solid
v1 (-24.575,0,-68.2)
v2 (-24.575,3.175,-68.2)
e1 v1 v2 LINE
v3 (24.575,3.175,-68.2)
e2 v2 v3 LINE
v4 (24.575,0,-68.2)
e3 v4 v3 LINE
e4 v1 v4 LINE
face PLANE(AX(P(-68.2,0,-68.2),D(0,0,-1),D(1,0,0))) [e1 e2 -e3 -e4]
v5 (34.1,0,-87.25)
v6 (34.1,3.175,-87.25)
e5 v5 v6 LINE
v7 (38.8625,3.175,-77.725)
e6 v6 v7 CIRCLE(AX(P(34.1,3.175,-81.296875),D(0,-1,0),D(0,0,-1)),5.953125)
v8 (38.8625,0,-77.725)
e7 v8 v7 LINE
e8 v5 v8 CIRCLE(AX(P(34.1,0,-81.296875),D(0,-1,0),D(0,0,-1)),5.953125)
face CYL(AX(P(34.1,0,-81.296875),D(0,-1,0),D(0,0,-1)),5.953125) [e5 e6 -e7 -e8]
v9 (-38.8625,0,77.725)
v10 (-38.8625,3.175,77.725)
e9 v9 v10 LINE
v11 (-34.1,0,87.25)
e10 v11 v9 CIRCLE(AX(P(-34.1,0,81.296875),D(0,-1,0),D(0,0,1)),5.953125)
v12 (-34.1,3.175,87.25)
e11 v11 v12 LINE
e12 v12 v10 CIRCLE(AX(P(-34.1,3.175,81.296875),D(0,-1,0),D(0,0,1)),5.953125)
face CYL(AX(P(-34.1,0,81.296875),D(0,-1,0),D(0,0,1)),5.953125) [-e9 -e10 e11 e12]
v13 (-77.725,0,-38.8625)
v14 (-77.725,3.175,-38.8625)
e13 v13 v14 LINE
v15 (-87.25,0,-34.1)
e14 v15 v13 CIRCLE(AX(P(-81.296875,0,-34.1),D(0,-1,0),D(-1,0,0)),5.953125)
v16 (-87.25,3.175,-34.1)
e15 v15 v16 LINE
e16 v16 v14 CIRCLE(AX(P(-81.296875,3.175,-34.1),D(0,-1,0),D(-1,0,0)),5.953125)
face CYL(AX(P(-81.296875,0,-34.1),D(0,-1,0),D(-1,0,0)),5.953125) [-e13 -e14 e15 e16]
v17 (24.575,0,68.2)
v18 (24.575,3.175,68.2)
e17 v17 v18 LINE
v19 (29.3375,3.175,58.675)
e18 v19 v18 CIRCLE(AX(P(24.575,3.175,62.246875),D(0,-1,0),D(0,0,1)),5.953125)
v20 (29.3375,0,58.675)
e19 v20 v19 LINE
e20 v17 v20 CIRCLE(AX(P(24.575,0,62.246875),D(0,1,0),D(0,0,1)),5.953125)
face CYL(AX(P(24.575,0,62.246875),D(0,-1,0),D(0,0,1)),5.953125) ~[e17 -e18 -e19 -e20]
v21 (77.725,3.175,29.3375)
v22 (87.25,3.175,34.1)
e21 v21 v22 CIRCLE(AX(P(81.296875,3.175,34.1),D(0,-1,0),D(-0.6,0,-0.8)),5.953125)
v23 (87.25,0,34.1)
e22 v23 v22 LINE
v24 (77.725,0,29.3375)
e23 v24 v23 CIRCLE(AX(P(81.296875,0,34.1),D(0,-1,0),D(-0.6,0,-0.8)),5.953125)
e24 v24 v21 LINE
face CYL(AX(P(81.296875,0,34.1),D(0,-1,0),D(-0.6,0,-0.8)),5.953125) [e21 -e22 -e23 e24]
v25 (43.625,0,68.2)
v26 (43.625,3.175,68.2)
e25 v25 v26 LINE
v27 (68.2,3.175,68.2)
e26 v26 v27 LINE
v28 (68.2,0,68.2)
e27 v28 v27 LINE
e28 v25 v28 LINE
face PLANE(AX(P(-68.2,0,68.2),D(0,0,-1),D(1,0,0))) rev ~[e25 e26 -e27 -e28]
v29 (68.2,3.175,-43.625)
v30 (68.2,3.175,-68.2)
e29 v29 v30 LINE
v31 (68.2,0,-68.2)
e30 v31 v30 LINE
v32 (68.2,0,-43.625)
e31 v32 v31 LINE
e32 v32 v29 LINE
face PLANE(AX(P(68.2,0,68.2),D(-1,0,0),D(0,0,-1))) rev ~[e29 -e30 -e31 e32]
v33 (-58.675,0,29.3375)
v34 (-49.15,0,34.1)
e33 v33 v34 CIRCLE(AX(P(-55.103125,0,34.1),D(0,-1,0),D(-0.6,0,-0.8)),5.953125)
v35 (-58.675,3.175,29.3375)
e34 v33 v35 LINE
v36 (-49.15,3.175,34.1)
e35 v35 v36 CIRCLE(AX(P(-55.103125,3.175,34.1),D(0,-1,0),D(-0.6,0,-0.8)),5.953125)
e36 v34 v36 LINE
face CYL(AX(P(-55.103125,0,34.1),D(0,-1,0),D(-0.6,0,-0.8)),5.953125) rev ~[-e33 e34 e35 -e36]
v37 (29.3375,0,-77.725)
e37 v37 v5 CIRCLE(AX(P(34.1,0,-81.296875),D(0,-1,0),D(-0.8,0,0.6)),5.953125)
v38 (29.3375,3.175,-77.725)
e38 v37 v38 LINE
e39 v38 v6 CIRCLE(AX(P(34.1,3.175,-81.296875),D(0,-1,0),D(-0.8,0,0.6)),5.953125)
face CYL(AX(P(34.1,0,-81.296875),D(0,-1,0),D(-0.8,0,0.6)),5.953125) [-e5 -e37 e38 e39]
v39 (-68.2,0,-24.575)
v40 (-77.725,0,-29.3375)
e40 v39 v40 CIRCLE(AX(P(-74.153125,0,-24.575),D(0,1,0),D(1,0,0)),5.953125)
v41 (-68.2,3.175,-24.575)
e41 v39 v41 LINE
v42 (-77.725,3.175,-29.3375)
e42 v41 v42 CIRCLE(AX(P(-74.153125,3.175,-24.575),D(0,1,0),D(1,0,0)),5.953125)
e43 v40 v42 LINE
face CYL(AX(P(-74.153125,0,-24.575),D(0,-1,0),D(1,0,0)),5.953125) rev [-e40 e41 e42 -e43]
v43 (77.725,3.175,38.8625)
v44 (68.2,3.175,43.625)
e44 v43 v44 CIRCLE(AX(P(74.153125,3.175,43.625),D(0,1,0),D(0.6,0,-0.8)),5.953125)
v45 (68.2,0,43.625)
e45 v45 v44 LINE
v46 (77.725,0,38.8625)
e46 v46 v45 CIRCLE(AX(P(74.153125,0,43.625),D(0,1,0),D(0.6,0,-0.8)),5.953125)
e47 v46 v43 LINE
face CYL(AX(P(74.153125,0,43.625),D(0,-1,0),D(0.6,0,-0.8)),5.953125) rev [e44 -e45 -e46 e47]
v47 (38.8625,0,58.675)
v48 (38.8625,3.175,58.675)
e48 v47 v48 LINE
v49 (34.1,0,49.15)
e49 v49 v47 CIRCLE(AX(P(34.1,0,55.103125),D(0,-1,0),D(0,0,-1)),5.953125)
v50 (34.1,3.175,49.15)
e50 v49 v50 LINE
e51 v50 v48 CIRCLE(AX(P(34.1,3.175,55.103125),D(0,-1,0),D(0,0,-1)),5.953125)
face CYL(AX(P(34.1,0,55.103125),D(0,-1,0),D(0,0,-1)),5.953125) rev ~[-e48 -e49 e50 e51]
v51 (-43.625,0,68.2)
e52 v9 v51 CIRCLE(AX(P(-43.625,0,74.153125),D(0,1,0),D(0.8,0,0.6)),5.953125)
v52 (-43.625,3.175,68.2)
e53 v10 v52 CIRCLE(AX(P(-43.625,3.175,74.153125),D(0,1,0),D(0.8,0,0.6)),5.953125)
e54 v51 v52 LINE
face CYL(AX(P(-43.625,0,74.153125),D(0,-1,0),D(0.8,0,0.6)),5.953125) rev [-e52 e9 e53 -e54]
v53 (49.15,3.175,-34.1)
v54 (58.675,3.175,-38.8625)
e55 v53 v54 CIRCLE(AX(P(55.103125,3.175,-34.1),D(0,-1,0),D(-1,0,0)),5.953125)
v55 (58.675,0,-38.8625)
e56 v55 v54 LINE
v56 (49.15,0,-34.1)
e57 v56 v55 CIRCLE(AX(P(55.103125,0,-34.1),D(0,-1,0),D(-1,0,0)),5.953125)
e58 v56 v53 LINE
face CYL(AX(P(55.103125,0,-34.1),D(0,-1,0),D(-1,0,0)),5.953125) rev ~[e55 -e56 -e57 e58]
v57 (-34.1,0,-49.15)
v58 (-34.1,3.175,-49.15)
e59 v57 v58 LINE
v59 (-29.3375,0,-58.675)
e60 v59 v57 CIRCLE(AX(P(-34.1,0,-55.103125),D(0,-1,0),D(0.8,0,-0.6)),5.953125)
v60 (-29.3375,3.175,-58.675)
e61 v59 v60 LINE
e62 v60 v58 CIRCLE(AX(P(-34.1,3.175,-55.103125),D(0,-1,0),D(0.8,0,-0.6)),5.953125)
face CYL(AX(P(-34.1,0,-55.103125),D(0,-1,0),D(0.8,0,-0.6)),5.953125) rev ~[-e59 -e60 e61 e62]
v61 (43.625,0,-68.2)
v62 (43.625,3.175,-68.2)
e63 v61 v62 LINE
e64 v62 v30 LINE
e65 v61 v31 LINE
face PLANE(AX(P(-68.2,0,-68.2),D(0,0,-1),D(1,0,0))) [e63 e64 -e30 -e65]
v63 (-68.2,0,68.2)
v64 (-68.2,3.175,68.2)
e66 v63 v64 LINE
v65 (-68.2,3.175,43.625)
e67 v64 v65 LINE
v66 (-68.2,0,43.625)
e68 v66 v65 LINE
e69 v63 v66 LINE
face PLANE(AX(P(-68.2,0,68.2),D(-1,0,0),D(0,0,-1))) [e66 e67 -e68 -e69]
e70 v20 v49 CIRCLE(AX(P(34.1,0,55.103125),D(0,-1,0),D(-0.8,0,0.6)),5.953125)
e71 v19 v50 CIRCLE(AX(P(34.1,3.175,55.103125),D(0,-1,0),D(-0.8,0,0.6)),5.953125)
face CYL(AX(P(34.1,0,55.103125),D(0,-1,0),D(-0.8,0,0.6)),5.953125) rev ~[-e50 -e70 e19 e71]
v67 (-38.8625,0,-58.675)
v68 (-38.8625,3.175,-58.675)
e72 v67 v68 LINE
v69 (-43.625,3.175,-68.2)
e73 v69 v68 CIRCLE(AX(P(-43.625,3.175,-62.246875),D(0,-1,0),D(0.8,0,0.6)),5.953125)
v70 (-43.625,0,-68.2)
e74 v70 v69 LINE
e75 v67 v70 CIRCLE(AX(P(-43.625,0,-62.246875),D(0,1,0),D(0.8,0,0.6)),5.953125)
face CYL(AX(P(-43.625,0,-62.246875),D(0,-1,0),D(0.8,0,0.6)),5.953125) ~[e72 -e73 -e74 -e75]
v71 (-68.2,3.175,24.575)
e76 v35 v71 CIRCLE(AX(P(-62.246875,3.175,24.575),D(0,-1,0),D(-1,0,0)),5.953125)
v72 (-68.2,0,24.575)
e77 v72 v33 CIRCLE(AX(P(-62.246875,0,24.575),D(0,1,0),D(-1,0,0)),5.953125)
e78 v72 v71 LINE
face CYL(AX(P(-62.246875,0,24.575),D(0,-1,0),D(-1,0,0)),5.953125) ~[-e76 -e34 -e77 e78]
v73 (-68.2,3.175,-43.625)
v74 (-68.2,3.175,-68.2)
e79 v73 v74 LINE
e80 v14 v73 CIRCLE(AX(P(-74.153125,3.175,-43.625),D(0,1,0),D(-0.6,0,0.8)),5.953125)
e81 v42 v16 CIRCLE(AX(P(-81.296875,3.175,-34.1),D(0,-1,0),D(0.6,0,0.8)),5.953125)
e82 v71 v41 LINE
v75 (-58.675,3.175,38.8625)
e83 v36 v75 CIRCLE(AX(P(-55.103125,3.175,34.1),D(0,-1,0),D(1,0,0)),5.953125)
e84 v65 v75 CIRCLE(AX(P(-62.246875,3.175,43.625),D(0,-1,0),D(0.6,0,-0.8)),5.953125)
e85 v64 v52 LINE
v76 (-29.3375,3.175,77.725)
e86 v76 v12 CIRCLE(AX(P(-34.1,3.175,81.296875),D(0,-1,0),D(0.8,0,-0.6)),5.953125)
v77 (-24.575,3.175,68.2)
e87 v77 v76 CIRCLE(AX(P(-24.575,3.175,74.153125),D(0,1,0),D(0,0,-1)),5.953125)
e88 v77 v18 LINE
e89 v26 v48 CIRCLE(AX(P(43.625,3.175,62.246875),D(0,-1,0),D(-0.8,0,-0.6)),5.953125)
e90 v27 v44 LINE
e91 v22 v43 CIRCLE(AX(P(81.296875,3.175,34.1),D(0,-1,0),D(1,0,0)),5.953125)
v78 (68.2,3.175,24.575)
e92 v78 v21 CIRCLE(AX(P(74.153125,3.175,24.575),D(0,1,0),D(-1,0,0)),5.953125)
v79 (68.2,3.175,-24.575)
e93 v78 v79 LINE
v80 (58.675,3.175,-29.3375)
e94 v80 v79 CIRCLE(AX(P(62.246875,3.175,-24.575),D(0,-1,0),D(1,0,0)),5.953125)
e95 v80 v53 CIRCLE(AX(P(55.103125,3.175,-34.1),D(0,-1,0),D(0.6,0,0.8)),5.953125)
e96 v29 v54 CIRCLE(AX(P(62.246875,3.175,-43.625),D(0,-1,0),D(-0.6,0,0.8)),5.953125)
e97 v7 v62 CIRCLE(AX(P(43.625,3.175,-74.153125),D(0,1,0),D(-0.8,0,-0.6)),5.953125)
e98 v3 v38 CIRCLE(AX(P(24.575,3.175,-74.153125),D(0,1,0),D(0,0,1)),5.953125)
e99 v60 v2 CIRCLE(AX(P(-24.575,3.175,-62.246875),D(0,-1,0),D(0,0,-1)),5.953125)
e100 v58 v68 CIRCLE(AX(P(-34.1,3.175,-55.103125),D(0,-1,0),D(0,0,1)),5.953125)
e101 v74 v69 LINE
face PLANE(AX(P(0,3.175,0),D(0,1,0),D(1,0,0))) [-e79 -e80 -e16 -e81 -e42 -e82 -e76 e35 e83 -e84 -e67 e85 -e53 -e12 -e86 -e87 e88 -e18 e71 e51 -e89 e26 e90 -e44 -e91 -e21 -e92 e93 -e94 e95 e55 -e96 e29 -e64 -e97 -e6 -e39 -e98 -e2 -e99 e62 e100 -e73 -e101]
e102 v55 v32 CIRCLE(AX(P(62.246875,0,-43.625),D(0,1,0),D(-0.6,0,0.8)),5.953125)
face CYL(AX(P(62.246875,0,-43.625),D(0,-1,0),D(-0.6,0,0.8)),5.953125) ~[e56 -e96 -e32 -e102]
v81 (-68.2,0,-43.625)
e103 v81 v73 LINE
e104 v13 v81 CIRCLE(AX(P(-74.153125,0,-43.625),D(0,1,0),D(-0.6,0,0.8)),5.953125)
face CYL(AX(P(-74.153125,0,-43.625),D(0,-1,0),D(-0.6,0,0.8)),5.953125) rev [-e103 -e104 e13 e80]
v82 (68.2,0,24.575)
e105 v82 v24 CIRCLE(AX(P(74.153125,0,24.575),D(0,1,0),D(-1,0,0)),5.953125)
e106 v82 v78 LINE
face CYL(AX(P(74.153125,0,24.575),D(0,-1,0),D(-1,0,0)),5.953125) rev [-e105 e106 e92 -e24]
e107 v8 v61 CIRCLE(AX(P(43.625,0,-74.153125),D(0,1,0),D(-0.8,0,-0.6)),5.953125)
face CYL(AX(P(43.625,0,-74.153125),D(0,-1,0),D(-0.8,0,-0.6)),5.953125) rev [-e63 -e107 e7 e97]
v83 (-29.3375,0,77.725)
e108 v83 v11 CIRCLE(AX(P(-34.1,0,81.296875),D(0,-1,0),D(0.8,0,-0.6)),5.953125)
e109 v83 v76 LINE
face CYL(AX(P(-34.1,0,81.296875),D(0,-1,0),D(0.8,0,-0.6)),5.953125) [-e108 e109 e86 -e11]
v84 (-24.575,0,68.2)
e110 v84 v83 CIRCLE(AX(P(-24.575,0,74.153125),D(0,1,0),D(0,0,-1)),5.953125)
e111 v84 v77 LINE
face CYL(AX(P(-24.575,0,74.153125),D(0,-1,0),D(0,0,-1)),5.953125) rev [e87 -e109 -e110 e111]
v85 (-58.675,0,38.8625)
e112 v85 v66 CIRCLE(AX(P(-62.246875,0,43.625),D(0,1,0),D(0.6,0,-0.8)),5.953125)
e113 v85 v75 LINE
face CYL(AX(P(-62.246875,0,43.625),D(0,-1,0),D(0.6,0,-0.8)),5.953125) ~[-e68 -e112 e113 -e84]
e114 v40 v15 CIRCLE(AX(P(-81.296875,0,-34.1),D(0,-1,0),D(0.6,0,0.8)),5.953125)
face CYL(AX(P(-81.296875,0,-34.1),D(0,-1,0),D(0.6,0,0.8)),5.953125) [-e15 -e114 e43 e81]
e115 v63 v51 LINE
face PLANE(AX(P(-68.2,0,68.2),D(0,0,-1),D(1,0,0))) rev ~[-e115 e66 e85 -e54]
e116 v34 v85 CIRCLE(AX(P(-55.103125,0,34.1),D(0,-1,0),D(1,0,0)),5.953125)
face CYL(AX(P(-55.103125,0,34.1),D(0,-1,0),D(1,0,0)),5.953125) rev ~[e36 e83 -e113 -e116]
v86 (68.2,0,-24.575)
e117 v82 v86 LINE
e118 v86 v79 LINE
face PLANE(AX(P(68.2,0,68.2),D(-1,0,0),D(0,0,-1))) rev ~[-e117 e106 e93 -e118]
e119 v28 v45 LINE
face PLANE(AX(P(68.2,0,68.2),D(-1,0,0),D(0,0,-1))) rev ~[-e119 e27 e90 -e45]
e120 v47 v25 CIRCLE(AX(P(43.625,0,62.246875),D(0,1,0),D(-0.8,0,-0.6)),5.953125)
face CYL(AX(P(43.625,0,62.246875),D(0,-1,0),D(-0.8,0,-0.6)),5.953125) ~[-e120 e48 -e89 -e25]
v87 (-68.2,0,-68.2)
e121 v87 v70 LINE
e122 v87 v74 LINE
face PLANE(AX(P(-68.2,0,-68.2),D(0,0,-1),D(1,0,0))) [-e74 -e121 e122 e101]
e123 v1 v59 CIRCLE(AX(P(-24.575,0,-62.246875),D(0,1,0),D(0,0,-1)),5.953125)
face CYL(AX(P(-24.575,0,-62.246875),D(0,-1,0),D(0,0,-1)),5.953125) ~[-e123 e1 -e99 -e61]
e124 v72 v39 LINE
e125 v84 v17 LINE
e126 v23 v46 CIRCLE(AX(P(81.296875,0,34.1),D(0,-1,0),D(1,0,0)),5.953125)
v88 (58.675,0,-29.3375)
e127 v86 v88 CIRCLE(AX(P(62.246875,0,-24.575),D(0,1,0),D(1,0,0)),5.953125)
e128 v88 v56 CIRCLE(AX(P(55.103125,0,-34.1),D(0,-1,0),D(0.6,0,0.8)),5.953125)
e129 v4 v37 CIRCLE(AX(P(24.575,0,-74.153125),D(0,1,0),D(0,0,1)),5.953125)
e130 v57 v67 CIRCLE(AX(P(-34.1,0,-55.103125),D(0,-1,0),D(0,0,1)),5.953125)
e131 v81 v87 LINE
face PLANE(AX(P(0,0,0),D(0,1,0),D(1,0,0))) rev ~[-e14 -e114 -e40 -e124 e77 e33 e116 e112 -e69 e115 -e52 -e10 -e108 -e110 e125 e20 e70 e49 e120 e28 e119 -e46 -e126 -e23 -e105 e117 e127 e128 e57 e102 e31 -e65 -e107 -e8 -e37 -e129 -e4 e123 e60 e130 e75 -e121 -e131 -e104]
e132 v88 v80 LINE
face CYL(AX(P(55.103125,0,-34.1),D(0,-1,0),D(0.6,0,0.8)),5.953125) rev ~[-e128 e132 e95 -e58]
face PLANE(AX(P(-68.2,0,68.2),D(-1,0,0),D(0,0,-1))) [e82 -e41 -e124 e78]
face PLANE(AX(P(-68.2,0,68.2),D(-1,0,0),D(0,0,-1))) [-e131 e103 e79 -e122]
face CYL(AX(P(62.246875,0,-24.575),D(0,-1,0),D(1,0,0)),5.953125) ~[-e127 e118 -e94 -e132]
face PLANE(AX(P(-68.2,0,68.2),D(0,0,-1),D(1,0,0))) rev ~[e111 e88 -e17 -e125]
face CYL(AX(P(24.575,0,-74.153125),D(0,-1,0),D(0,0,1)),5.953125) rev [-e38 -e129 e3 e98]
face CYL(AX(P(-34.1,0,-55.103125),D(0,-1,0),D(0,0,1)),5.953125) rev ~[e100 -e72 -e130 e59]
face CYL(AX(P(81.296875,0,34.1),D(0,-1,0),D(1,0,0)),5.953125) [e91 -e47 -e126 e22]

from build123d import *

# Parameters (mm, degrees)
SKETCH1_W           = 136.4
SKETCH1_H           = 136.4
BOSS_EXTRUDE1_DEPTH = 3.175
BOSS_EXTRUDE2_DEPTH = 3.175
CUT_EXTRUDE2_DEPTH  = 111.78755853
CIRPATTERN1_COUNT   = 4


with BuildPart() as part:
    # Sketch1 → Boss-Extrude1 (new body)
    with BuildSketch(Plane(origin=(0, 0, 0), x_dir=(1, 0, 0), z_dir=(0, 1, 0))):
        Rectangle(SKETCH1_W, SKETCH1_H)
    extrude(amount=BOSS_EXTRUDE1_DEPTH)

    # Sketch2 → Boss-Extrude2 (add)
    with BuildSketch(Plane(origin=(0, 0, 0), x_dir=(1, 0, 0), z_dir=(0, 1, 0))):
        with BuildLine():
            Line((-68.2, 43.625), (-68.2, 24.575))
            ThreePointArc((-68.2, 24.575), (-71.490806564, 29.899636871), (-77.725, 29.3375))
            ThreePointArc((-77.725, 29.3375), (-83.959193436, 28.775363129), (-87.25, 34.1))
            ThreePointArc((-87.25, 34.1), (-83.959193436, 39.424636871), (-77.725, 38.8625))
            ThreePointArc((-77.725, 38.8625), (-71.490806564, 38.300363129), (-68.2, 43.625))
        make_face()
    boss_extrude2 = extrude(amount=BOSS_EXTRUDE2_DEPTH)

    # Sketch2<3> → Cut-Extrude2 (cut, through all)
    with BuildSketch(Plane(origin=(0, 0, 0), x_dir=(1, 0, 0), z_dir=(0, 1, 0))):
        with BuildLine():
            Line((-68.2, -43.625), (-68.2, -24.575))
            ThreePointArc((-68.2, -24.575), (-64.909193436, -29.899636871), (-58.675, -29.3375))
            ThreePointArc((-58.675, -29.3375), (-52.440806564, -28.775363129), (-49.15, -34.1))
            ThreePointArc((-49.15, -34.1), (-52.440806564, -39.424636871), (-58.675, -38.8625))
            ThreePointArc((-58.675, -38.8625), (-64.909193436, -38.300363129), (-68.2, -43.625))
        make_face()
    cut_extrude2 = extrude(amount=CUT_EXTRUDE2_DEPTH, mode=Mode.SUBTRACT)

    # CirPattern1: Boss-Extrude2, Cut-Extrude2 ×4 about axis
    cirpattern1_axis = Axis((0, 0, 0), (0, 1, 0))
    add([boss_extrude2.rotate(cirpattern1_axis, i * 360 / CIRPATTERN1_COUNT) for i in range(1, CIRPATTERN1_COUNT)])
    add([cut_extrude2.rotate(cirpattern1_axis, i * 360 / CIRPATTERN1_COUNT) for i in range(1, CIRPATTERN1_COUNT)], mode=Mode.SUBTRACT)


solid = part.part
